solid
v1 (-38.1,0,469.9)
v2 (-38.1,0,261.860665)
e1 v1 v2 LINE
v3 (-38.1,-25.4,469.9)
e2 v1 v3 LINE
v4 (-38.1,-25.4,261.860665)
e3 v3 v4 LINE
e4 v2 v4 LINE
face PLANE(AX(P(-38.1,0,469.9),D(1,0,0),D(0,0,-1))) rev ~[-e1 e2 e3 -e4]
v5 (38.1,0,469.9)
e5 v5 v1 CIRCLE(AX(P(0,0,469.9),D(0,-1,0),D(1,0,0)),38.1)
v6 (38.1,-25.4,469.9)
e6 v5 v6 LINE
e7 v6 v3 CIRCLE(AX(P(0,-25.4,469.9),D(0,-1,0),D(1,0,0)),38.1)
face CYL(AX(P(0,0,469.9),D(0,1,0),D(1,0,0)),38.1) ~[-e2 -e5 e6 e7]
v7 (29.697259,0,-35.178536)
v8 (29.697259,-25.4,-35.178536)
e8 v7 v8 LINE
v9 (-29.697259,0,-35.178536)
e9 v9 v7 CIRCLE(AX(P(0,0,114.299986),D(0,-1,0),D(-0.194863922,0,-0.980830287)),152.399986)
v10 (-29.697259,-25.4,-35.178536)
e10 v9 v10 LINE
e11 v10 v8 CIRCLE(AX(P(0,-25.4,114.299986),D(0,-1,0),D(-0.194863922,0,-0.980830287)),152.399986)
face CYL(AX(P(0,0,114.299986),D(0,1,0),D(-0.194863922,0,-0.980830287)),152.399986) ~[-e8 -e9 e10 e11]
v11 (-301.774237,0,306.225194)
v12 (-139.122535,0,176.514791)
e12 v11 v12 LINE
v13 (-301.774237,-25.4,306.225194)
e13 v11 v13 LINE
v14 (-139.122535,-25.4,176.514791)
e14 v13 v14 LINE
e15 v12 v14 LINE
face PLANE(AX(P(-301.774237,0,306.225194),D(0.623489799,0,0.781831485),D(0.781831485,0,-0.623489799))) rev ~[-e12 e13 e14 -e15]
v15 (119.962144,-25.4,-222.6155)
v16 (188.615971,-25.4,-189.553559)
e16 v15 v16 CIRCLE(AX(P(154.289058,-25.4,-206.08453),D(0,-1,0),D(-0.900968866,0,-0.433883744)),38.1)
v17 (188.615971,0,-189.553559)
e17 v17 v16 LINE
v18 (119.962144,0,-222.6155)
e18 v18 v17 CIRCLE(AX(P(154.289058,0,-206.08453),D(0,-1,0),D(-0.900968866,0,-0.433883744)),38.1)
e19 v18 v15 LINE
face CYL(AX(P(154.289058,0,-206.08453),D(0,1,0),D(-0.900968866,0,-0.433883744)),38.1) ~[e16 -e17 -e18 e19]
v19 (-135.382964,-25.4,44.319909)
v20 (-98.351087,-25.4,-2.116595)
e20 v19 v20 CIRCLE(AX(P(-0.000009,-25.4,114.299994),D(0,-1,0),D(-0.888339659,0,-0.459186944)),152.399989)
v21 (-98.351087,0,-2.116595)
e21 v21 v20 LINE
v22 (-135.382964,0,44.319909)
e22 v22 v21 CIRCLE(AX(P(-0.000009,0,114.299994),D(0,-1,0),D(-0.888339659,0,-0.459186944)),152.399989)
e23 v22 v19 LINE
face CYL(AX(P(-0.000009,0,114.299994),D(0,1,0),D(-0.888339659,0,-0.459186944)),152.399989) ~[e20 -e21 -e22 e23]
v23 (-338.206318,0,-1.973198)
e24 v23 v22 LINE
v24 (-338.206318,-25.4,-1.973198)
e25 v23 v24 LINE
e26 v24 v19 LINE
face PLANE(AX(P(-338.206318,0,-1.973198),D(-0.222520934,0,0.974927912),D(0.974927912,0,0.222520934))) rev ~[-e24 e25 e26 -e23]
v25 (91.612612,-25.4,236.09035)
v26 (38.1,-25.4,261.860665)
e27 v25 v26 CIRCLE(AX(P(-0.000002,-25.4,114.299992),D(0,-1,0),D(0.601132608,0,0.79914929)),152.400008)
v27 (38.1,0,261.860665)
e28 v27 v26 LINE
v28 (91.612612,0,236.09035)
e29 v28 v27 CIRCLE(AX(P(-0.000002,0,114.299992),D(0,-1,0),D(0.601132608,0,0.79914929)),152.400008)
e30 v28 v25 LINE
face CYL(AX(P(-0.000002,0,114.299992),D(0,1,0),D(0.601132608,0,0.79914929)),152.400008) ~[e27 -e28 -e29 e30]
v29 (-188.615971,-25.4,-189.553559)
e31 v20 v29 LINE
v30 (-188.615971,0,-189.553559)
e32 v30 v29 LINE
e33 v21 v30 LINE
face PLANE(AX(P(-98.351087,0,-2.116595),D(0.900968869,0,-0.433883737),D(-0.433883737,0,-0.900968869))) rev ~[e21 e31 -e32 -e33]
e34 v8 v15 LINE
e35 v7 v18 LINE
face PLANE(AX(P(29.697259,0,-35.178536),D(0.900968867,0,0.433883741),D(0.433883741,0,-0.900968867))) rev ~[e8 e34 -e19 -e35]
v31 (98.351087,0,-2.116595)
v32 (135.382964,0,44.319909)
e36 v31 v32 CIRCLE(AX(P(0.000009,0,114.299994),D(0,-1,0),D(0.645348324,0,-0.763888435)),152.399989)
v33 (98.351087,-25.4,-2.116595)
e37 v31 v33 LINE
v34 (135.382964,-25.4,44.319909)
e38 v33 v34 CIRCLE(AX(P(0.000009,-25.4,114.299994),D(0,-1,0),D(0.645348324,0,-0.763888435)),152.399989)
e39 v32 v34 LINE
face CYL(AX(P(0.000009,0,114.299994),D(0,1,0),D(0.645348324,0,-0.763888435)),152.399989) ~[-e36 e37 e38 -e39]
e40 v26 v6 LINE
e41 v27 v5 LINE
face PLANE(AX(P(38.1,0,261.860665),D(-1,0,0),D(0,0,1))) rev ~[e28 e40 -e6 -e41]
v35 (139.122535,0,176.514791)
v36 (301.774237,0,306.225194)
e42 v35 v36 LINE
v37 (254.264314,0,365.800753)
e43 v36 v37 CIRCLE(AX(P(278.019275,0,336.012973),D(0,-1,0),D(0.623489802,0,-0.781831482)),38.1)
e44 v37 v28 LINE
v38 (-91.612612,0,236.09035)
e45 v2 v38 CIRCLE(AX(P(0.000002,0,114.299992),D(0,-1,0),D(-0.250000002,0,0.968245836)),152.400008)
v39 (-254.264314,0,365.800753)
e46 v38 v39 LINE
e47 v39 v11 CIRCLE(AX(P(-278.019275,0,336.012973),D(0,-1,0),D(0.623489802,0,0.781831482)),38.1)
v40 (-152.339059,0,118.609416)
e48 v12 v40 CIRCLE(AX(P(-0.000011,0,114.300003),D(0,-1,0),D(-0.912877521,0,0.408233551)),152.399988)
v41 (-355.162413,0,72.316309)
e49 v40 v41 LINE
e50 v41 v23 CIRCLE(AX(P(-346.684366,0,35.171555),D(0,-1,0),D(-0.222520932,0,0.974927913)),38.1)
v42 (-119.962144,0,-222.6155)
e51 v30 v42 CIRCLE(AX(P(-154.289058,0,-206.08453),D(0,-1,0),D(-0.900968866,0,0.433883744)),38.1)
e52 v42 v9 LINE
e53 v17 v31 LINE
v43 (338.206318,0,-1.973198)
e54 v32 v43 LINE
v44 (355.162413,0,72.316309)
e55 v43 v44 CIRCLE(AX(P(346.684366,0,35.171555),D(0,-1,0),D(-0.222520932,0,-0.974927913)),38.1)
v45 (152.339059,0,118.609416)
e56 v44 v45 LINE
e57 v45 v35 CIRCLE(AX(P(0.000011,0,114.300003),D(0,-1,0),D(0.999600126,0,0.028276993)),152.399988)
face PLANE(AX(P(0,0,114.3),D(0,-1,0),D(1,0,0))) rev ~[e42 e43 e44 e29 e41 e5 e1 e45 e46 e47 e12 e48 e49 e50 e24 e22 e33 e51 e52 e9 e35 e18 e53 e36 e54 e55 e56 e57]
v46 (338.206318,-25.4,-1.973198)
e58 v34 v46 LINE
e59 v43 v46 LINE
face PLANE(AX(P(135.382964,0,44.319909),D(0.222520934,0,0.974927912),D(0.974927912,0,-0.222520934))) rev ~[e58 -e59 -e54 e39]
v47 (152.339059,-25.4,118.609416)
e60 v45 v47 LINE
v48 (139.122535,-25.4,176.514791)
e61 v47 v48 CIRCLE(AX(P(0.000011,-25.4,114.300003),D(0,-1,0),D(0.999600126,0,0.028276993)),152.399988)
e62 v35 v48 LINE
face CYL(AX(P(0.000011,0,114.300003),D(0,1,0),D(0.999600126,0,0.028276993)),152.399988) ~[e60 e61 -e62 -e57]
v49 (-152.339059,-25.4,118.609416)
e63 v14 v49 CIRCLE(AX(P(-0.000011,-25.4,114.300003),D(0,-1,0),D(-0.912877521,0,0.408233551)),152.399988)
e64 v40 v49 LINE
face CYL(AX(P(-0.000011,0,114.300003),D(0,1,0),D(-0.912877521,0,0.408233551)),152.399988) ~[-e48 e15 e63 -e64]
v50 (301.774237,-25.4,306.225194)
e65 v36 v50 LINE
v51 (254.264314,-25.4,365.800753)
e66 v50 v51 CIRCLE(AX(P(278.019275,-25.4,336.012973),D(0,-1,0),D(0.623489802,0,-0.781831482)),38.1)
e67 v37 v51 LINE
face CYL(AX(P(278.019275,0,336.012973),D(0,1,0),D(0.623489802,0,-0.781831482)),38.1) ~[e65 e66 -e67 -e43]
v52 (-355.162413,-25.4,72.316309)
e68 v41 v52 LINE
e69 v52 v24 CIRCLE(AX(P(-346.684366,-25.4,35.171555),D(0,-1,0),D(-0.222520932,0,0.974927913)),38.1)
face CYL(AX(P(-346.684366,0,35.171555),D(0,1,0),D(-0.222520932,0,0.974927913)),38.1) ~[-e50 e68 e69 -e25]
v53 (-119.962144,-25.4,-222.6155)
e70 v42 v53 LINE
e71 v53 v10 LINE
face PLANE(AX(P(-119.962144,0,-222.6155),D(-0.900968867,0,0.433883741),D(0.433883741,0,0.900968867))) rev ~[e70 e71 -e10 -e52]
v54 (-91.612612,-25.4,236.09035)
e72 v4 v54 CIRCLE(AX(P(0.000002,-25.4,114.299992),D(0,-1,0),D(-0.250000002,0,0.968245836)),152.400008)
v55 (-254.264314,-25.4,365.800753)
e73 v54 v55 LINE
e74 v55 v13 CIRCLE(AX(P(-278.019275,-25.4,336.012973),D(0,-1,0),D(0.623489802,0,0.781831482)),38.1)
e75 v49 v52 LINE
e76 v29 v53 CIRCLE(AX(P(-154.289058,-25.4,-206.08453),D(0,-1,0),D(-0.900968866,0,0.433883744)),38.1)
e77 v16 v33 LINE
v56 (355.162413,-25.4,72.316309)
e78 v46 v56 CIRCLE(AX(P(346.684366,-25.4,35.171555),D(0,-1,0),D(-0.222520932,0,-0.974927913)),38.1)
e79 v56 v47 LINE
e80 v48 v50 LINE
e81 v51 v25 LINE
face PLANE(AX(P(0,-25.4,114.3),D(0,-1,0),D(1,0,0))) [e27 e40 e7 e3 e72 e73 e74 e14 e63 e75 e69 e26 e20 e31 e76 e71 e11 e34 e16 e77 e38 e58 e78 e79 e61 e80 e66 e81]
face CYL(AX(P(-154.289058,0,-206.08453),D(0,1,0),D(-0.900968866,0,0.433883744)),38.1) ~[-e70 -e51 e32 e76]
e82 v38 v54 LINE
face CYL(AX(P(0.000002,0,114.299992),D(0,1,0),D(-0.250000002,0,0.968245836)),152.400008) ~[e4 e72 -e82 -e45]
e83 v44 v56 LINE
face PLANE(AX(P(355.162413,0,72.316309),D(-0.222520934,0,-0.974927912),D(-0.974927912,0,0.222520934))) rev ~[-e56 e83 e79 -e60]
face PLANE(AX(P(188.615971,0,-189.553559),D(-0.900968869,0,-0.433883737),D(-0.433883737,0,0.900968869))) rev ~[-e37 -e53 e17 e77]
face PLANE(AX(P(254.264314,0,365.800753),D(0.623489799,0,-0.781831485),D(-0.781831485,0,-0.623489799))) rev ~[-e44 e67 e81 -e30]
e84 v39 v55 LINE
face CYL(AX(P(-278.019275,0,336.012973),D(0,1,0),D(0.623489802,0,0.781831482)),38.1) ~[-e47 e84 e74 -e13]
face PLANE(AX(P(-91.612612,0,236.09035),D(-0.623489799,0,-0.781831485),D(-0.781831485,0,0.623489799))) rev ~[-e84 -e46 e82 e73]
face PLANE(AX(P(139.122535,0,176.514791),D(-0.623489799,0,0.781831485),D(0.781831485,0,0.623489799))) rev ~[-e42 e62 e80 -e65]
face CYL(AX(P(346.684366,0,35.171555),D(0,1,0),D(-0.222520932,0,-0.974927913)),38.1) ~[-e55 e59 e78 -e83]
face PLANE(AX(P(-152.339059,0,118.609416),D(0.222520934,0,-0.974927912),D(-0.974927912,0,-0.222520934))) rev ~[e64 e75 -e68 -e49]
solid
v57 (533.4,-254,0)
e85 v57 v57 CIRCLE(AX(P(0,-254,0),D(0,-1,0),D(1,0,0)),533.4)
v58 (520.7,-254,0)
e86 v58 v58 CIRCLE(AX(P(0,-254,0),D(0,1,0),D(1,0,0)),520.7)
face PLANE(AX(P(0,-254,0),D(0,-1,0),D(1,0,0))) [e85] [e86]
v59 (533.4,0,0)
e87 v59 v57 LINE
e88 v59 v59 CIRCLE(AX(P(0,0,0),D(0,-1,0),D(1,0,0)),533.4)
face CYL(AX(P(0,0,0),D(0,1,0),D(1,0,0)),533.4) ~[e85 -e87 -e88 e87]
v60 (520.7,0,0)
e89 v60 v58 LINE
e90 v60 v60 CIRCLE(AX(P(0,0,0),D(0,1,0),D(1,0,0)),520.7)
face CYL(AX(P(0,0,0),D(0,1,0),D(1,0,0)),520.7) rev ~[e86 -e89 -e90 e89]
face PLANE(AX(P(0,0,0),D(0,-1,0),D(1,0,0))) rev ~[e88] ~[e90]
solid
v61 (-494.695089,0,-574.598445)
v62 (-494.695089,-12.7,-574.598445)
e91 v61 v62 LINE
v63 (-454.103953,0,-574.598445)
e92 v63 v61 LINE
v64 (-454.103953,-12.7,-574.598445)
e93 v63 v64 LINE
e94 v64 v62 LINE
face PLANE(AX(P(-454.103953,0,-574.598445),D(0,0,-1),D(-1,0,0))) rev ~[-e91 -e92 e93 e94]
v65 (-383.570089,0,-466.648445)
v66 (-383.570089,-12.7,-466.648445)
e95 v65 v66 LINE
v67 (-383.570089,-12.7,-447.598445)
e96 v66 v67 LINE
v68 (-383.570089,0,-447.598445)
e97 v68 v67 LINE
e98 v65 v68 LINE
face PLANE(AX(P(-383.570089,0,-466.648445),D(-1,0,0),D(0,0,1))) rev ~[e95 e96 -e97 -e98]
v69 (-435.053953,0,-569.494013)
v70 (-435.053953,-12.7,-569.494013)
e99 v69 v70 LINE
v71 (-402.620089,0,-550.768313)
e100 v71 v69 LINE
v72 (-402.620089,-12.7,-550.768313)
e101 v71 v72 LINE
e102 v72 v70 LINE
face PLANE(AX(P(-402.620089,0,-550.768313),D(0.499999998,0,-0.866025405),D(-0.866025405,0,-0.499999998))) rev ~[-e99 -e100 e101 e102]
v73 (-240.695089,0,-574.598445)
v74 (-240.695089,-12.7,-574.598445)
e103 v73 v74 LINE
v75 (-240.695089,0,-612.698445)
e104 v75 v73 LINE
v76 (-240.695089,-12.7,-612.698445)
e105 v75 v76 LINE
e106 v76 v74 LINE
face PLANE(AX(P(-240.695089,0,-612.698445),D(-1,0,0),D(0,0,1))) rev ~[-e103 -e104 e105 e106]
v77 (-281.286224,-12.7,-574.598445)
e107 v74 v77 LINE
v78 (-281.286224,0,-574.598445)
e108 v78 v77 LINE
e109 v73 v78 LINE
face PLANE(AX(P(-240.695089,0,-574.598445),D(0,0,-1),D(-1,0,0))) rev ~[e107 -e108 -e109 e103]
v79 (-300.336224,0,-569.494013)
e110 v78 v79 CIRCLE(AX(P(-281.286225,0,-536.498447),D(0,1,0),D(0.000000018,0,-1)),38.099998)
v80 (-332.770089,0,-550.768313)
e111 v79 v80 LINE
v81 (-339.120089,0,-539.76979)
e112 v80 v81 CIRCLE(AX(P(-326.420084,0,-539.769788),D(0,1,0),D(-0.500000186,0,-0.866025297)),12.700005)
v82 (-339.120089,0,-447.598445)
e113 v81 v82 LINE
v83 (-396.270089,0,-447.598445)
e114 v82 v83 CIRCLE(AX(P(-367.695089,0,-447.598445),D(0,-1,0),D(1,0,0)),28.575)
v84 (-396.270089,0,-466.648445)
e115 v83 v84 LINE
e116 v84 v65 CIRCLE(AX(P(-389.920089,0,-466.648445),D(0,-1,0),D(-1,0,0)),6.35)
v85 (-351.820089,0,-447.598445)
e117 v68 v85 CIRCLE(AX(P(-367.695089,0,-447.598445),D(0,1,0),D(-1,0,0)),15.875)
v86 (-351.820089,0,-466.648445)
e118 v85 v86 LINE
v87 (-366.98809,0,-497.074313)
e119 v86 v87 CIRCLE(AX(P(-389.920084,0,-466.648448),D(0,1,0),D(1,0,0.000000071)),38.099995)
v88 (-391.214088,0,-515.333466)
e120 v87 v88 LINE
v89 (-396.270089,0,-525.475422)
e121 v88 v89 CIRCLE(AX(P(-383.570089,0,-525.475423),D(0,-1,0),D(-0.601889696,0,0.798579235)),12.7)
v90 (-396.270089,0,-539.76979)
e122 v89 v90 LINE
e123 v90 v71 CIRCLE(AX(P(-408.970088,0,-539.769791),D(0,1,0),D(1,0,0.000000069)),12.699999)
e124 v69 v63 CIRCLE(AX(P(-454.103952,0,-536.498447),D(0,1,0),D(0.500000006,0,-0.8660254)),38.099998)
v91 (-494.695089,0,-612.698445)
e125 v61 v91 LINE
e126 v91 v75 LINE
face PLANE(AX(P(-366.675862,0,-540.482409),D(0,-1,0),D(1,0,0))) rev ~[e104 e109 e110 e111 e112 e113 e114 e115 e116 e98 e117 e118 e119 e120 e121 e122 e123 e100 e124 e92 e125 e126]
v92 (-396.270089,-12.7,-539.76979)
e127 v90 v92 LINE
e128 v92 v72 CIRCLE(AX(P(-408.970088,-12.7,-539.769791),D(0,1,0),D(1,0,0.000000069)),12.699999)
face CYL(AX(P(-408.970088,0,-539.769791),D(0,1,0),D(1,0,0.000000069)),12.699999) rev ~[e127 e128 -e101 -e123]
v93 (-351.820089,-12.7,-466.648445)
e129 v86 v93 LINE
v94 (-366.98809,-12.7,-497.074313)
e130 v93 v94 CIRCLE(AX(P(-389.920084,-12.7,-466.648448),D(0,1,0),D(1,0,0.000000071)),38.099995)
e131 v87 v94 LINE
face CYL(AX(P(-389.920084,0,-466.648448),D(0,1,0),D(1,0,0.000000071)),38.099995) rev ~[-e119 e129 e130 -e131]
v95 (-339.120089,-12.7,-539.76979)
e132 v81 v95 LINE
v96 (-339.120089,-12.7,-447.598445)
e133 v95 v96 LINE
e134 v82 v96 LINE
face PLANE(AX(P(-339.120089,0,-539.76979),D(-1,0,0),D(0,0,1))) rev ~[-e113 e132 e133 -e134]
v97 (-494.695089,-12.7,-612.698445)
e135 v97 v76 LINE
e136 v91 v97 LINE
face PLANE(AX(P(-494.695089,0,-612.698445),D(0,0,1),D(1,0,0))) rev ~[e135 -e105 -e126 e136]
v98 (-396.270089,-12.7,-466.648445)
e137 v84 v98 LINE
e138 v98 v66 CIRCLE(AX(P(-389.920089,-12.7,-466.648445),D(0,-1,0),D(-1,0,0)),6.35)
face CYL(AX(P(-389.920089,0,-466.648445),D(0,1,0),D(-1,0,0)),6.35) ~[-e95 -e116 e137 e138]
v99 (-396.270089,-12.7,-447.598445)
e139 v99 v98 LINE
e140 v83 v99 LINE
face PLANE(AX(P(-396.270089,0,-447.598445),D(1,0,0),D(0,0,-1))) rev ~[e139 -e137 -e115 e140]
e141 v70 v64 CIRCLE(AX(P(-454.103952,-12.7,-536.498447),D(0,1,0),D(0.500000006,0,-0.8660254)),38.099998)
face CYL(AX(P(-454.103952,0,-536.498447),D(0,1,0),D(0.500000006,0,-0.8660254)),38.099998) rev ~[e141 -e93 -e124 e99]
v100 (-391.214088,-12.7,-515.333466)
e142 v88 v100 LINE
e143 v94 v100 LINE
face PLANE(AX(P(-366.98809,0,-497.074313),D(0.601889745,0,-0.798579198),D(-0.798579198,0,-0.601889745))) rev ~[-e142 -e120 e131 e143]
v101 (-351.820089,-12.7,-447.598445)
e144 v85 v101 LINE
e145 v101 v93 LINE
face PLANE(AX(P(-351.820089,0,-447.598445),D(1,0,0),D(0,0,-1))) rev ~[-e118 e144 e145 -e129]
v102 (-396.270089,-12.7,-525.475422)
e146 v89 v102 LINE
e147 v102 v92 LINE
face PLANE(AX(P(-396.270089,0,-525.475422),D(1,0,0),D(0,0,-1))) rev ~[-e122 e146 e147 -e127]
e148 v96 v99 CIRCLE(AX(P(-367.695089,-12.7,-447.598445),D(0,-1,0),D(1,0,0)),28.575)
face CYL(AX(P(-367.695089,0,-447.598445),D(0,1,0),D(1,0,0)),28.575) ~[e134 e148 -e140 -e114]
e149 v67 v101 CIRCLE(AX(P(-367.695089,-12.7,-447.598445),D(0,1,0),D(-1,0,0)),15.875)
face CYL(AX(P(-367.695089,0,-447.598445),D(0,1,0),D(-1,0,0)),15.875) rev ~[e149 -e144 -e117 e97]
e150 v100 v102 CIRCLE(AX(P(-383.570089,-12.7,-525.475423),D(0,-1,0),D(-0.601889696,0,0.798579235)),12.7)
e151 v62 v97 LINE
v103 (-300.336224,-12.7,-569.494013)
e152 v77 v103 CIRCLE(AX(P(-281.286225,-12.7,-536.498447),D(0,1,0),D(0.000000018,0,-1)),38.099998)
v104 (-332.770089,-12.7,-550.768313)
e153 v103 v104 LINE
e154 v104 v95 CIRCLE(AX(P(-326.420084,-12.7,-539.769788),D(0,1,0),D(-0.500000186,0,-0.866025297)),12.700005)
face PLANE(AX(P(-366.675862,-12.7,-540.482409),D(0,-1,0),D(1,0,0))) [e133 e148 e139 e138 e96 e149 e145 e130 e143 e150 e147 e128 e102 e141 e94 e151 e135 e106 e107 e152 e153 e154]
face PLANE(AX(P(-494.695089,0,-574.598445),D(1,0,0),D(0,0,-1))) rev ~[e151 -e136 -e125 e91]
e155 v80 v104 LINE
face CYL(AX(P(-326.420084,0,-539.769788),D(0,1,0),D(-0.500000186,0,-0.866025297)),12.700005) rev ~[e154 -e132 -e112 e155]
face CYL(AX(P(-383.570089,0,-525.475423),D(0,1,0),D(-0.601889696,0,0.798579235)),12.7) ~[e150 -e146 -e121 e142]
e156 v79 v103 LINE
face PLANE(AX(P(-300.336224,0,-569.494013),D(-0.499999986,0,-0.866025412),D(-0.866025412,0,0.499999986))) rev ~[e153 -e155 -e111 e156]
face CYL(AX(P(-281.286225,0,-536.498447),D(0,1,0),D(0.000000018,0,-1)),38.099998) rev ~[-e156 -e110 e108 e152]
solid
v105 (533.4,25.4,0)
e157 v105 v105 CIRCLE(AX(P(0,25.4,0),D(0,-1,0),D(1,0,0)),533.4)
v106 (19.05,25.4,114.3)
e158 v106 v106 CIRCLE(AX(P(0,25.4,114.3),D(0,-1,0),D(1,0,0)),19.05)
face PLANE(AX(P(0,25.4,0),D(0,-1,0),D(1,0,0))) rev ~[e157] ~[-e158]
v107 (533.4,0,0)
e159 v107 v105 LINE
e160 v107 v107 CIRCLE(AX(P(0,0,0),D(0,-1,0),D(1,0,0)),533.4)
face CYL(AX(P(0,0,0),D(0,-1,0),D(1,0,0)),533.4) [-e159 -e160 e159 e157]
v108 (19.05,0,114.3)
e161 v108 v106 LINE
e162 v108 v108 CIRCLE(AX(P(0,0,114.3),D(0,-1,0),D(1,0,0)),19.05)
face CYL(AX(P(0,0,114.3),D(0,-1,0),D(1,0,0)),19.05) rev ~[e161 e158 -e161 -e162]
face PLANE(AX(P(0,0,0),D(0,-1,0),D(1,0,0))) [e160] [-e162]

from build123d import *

# Parameters (mm, degrees)
F2_DEPTH = 254
F3_DEPTH = 25.4
F4_R     = 533.4
F4_R_2   = 19.05
F5_DEPTH = 25.4
F7_DEPTH = 12.7


with BuildPart() as f2:
    # F0 (on Front) → F2 (new body)
    with BuildSketch(Plane.XZ):
        with BuildLine():
            ThreePointArc((-533.4, 0), (0, -533.4), (533.4, 0))
            ThreePointArc((533.4, 0), (0, 533.4), (-533.4, 0))
        make_face()
        with BuildLine():
            ThreePointArc((-520.7, 0), (0, 520.7), (520.7, 0))
            ThreePointArc((520.7, 0), (0, -520.7), (-520.7, 0))
        make_face(mode=Mode.SUBTRACT)
    extrude(amount=F2_DEPTH)


with BuildPart() as f3:
    # F1 (on Front) → F3 (new body)
    with BuildSketch(Plane.XZ):
        with BuildLine():
            Line((-301.774237, 306.225194), (-139.122535, 176.514791))
            ThreePointArc((-139.122535, 176.514791), (-148.579014, 148.21219), (-152.339059, 118.609416))
            Line((-152.339059, 118.609416), (-355.162413, 72.316309))
            ThreePointArc((-355.162413, 72.316309), (-383.829119, 26.693508), (-338.206318, -1.973198))
            Line((-338.206318, -1.973198), (-135.382964, 44.319909))
            ThreePointArc((-135.382964, 44.319909), (-119.151118, 19.280154), (-98.351087, -2.116595))
            Line((-98.351087, -2.116595), (-188.615971, -189.553559))
            ThreePointArc((-188.615971, -189.553559), (-170.820028, -240.411443), (-119.962144, -222.6155))
            Line((-119.962144, -222.6155), (-29.697259, -35.178536))
            ThreePointArc((-29.697259, -35.178536), (0, -38.1), (29.697259, -35.178536))
            Line((29.697259, -35.178536), (119.962144, -222.6155))
            ThreePointArc((119.962144, -222.6155), (170.820028, -240.411443), (188.615971, -189.553559))
            Line((188.615971, -189.553559), (98.351087, -2.116595))
            ThreePointArc((98.351087, -2.116595), (119.151118, 19.280154), (135.382964, 44.319909))
            Line((135.382964, 44.319909), (338.206318, -1.973198))
            ThreePointArc((338.206318, -1.973198), (383.829119, 26.693508), (355.162413, 72.316309))
            Line((355.162413, 72.316309), (152.339059, 118.609416))
            ThreePointArc((152.339059, 118.609416), (148.579014, 148.21219), (139.122535, 176.514791))
            Line((139.122535, 176.514791), (301.774237, 306.225194))
            ThreePointArc((301.774237, 306.225194), (307.807055, 359.767935), (254.264314, 365.800753))
            Line((254.264314, 365.800753), (91.612612, 236.09035))
            ThreePointArc((91.612612, 236.09035), (66.123882, 251.607655), (38.1, 261.860665))
            Line((38.1, 261.860665), (38.1, 469.9))
            ThreePointArc((38.1, 469.9), (0, 508), (-38.1, 469.9))
            Line((-38.1, 469.9), (-38.1, 261.860665))
            ThreePointArc((-38.1, 261.860665), (-66.123882, 251.607655), (-91.612612, 236.09035))
            Line((-91.612612, 236.09035), (-254.264314, 365.800753))
            ThreePointArc((-254.264314, 365.800753), (-307.807055, 359.767935), (-301.774237, 306.225194))
        make_face()
    extrude(amount=F3_DEPTH)


with BuildPart() as f5:
    # F4 (on Front) → F5 (new body)
    with BuildSketch(Plane.XZ):
        Circle(F4_R)
        with Locations((0, 114.3)):
            Circle(F4_R_2, mode=Mode.SUBTRACT)
    extrude(amount=-F5_DEPTH)


with BuildPart() as f7:
    # F6 (on Front) → F7 (new body)
    with BuildSketch(Plane.XZ):
        with BuildLine():
            ThreePointArc((-383.570089, -447.598445), (-367.695089, -431.723445), (-351.820089, -447.598445))
            Line((-351.820089, -447.598445), (-351.820089, -466.648445))
            ThreePointArc((-351.820089, -466.648445), (-355.822294, -483.646987), (-366.98809, -497.074313))
            Line((-366.98809, -497.074313), (-391.214088, -515.333466))
            ThreePointArc((-391.214088, -515.333466), (-394.93602, -519.809241), (-396.270089, -525.475422))
            Line((-396.270089, -525.475422), (-396.270089, -539.76979))
            ThreePointArc((-396.270089, -539.76979), (-397.971566, -546.11979), (-402.620089, -550.768313))
            Line((-402.620089, -550.768313), (-435.053953, -569.494013))
            ThreePointArc((-435.053953, -569.494013), (-444.242947, -573.300219), (-454.103953, -574.598445))
            Line((-454.103953, -574.598445), (-494.695089, -574.598445))
            Line((-494.695089, -574.598445), (-494.695089, -612.698445))
            Line((-494.695089, -612.698445), (-240.695089, -612.698445))
            Line((-240.695089, -612.698445), (-240.695089, -574.598445))
            Line((-240.695089, -574.598445), (-281.286224, -574.598445))
            ThreePointArc((-281.286224, -574.598445), (-291.14723, -573.300219), (-300.336224, -569.494013))
            Line((-300.336224, -569.494013), (-332.770089, -550.768313))
            ThreePointArc((-332.770089, -550.768313), (-337.418611, -546.11979), (-339.120089, -539.76979))
            Line((-339.120089, -539.76979), (-339.120089, -447.598445))
            ThreePointArc((-339.120089, -447.598445), (-367.695089, -419.023445), (-396.270089, -447.598445))
            Line((-396.270089, -447.598445), (-396.270089, -466.648445))
            ThreePointArc((-396.270089, -466.648445), (-389.920089, -472.998445), (-383.570089, -466.648445))
            Line((-383.570089, -466.648445), (-383.570089, -447.598445))
        make_face()
    extrude(amount=F7_DEPTH)


solid = Compound([f2.part, f3.part, f5.part, f7.part])
